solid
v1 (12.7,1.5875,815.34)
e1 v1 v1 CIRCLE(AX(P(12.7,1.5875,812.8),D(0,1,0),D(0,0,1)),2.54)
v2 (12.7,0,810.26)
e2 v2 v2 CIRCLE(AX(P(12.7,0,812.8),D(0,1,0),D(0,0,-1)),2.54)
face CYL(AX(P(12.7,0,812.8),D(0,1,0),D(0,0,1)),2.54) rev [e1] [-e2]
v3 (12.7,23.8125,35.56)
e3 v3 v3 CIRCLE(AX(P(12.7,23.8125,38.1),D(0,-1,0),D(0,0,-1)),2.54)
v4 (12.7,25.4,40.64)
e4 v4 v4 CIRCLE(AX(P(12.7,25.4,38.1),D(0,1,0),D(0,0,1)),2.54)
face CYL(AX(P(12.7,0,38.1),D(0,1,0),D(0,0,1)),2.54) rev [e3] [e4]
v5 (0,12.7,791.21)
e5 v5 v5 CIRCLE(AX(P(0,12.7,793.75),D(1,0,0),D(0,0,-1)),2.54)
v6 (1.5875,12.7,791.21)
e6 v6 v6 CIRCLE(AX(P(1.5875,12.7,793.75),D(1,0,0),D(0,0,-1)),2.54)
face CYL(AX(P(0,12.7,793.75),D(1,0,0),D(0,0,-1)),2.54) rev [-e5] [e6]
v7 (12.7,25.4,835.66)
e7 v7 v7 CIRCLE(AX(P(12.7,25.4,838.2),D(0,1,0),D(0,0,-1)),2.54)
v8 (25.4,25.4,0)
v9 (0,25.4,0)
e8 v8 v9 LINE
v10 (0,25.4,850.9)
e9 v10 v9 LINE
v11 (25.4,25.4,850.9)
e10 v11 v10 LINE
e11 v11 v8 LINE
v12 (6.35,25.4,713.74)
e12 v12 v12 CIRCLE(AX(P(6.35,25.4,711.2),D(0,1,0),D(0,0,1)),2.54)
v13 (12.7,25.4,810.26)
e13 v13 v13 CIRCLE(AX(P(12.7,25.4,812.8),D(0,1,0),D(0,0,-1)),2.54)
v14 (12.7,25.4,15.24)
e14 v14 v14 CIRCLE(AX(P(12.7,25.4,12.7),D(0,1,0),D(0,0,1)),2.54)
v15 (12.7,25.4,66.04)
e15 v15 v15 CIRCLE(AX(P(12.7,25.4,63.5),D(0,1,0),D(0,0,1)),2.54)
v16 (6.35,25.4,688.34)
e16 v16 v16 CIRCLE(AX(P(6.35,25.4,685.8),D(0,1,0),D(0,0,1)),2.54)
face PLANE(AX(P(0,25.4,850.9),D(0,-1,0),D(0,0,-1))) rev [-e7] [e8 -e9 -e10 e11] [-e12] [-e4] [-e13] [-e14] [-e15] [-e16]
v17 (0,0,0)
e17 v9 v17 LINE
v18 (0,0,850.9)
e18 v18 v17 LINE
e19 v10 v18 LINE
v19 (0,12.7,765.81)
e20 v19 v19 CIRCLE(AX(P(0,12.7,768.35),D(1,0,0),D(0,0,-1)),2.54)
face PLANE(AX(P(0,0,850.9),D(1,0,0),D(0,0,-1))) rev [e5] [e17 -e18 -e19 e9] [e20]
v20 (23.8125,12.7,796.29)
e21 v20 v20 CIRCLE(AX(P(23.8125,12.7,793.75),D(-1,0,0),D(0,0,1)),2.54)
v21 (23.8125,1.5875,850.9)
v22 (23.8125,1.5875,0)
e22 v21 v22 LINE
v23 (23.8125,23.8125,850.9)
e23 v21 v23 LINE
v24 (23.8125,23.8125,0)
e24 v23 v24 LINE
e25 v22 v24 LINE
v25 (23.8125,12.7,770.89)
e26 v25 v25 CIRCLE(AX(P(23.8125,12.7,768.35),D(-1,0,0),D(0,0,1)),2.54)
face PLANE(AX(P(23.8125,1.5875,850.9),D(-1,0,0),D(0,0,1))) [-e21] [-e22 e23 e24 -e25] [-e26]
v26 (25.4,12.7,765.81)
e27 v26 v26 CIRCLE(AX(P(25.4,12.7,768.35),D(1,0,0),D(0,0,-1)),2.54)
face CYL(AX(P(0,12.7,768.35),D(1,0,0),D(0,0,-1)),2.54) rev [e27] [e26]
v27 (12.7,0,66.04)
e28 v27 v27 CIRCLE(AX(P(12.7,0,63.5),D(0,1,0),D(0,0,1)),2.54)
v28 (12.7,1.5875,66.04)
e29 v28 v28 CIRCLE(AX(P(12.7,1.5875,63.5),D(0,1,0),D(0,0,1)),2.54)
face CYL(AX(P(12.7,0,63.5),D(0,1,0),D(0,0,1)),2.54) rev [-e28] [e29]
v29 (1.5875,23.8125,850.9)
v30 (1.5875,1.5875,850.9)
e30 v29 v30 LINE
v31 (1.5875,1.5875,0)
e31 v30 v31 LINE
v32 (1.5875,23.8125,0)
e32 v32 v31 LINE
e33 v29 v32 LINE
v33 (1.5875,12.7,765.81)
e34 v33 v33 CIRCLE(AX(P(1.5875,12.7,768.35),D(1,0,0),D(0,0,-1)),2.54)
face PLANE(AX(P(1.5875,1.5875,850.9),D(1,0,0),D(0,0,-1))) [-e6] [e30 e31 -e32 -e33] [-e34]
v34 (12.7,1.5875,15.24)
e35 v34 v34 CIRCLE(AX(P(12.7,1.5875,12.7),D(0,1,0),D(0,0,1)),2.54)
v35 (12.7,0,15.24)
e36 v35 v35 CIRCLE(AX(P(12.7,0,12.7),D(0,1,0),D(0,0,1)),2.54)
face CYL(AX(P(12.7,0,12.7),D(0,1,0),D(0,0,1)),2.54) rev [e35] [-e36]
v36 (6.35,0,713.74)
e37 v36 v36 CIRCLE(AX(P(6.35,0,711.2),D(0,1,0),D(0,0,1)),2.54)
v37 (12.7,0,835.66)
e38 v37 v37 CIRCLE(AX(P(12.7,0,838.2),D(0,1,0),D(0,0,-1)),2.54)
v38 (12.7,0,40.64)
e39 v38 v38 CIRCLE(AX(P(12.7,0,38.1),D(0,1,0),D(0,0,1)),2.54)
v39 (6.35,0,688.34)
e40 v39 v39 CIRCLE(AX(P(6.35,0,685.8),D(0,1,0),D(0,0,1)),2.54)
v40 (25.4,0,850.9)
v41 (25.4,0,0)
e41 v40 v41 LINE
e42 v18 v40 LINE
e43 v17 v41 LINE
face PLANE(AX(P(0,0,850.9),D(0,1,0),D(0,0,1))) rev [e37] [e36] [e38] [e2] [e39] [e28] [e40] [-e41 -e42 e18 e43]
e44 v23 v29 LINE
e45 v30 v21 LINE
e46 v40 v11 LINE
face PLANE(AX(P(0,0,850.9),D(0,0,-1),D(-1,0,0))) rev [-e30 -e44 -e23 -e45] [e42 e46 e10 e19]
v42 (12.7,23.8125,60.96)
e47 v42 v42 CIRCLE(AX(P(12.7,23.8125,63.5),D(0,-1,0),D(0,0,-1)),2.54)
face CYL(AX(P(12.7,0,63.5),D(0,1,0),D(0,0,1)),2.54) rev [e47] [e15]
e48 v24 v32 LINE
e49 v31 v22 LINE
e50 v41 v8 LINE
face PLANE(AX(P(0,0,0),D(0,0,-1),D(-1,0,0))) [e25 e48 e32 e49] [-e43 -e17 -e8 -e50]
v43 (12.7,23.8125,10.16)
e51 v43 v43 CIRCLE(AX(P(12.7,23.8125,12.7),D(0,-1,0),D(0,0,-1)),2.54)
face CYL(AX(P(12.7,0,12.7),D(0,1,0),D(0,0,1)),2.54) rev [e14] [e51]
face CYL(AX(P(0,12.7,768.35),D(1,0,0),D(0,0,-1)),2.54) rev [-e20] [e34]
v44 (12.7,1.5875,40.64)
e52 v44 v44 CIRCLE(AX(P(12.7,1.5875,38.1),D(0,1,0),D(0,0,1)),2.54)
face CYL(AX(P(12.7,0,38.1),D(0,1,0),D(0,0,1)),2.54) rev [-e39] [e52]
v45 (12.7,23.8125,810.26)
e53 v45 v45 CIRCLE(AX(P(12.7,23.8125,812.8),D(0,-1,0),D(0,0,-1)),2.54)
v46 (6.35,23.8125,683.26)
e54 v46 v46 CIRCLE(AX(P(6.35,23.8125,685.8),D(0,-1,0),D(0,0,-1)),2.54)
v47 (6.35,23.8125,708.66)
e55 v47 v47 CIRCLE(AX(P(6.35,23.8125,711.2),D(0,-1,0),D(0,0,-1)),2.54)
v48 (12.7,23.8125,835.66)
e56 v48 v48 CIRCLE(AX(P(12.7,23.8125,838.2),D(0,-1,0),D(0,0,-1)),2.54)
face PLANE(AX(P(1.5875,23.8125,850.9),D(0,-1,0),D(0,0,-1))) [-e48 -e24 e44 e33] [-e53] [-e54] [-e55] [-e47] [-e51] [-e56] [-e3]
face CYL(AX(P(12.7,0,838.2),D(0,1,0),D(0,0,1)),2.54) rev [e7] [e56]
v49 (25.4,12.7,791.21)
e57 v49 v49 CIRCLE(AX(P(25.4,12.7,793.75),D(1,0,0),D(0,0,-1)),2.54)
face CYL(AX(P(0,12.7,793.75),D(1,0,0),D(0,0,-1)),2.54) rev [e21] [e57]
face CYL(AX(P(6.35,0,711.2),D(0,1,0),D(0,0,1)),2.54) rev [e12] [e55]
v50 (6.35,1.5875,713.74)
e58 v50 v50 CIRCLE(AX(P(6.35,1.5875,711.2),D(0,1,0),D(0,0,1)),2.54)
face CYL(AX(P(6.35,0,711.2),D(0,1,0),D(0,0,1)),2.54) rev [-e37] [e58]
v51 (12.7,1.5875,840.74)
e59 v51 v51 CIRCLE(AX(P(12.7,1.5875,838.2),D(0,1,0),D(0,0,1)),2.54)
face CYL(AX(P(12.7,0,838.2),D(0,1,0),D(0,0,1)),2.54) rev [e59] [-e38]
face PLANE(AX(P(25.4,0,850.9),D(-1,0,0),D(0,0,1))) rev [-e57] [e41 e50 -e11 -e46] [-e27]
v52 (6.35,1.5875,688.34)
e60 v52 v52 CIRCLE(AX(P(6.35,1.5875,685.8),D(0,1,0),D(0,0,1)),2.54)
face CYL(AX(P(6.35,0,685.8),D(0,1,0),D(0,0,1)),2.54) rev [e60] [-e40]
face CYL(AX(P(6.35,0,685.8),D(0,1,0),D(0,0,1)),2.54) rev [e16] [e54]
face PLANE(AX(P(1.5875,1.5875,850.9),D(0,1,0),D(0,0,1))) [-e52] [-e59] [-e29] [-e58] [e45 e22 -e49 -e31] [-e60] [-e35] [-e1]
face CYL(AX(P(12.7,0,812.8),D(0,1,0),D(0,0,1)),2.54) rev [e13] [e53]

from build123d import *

# Parameters (mm, degrees)
SKETCH1_W           = 25.4
SKETCH1_H           = 25.4
SKETCH1_W_2         = 22.225
SKETCH1_H_2         = 22.225
BOSS_EXTRUDE1_DEPTH = 850.9
SKETCH3_R           = 2.54
CUT_EXTRUDE2_DEPTH  = 852.657871448
SKETCH4_R           = 2.54
CUT_EXTRUDE3_DEPTH  = 852.657871448


with BuildPart() as part:
    # Sketch1 → Boss-Extrude1 (new body)
    with BuildSketch(Plane.XY):
        with Locations((12.7, 12.7)):
            Rectangle(SKETCH1_W, SKETCH1_H)
        with Locations((12.7, 12.7)):
            Rectangle(SKETCH1_W_2, SKETCH1_H_2, mode=Mode.SUBTRACT)
    extrude(amount=BOSS_EXTRUDE1_DEPTH)

    # Sketch3 → Cut-Extrude2 (cut, through all)
    with BuildSketch(Plane(origin=(0, 25.4, 0), x_dir=(1, 0, 0), z_dir=(0, 1, 0))):
        with Locations(Location((12.7, -812.8, 0), (0, 0, 90))):
            Circle(SKETCH3_R)
        with Locations(Location((12.7, -838.2, 0), (0, 0, 90))):
            Circle(SKETCH3_R)
        with Locations(Location((12.7, -12.7, 0), (0, 0, 270))):
            Circle(SKETCH3_R)
        with Locations(Location((12.7, -38.1, 0), (0, 0, 270))):
            Circle(SKETCH3_R)
        with Locations(Location((12.7, -63.5, 0), (0, 0, 270))):
            Circle(SKETCH3_R)
        with Locations(Location((6.35, -711.2, 0), (0, 0, 270))):
            Circle(SKETCH3_R)
        with Locations(Location((6.35, -685.8, 0), (0, 0, 270))):
            Circle(SKETCH3_R)
    extrude(amount=-CUT_EXTRUDE2_DEPTH, mode=Mode.SUBTRACT)

    # Sketch4 → Cut-Extrude3 (cut, through all)
    with BuildSketch(Plane(origin=(25.4, 0, 0), x_dir=(0, 0, -1), z_dir=(1, 0, 0))):
        with Locations((-793.75, 12.7)):
            Circle(SKETCH4_R)
        with Locations((-768.35, 12.7)):
            Circle(SKETCH4_R)
    extrude(amount=-CUT_EXTRUDE3_DEPTH, mode=Mode.SUBTRACT)


solid = part.part
